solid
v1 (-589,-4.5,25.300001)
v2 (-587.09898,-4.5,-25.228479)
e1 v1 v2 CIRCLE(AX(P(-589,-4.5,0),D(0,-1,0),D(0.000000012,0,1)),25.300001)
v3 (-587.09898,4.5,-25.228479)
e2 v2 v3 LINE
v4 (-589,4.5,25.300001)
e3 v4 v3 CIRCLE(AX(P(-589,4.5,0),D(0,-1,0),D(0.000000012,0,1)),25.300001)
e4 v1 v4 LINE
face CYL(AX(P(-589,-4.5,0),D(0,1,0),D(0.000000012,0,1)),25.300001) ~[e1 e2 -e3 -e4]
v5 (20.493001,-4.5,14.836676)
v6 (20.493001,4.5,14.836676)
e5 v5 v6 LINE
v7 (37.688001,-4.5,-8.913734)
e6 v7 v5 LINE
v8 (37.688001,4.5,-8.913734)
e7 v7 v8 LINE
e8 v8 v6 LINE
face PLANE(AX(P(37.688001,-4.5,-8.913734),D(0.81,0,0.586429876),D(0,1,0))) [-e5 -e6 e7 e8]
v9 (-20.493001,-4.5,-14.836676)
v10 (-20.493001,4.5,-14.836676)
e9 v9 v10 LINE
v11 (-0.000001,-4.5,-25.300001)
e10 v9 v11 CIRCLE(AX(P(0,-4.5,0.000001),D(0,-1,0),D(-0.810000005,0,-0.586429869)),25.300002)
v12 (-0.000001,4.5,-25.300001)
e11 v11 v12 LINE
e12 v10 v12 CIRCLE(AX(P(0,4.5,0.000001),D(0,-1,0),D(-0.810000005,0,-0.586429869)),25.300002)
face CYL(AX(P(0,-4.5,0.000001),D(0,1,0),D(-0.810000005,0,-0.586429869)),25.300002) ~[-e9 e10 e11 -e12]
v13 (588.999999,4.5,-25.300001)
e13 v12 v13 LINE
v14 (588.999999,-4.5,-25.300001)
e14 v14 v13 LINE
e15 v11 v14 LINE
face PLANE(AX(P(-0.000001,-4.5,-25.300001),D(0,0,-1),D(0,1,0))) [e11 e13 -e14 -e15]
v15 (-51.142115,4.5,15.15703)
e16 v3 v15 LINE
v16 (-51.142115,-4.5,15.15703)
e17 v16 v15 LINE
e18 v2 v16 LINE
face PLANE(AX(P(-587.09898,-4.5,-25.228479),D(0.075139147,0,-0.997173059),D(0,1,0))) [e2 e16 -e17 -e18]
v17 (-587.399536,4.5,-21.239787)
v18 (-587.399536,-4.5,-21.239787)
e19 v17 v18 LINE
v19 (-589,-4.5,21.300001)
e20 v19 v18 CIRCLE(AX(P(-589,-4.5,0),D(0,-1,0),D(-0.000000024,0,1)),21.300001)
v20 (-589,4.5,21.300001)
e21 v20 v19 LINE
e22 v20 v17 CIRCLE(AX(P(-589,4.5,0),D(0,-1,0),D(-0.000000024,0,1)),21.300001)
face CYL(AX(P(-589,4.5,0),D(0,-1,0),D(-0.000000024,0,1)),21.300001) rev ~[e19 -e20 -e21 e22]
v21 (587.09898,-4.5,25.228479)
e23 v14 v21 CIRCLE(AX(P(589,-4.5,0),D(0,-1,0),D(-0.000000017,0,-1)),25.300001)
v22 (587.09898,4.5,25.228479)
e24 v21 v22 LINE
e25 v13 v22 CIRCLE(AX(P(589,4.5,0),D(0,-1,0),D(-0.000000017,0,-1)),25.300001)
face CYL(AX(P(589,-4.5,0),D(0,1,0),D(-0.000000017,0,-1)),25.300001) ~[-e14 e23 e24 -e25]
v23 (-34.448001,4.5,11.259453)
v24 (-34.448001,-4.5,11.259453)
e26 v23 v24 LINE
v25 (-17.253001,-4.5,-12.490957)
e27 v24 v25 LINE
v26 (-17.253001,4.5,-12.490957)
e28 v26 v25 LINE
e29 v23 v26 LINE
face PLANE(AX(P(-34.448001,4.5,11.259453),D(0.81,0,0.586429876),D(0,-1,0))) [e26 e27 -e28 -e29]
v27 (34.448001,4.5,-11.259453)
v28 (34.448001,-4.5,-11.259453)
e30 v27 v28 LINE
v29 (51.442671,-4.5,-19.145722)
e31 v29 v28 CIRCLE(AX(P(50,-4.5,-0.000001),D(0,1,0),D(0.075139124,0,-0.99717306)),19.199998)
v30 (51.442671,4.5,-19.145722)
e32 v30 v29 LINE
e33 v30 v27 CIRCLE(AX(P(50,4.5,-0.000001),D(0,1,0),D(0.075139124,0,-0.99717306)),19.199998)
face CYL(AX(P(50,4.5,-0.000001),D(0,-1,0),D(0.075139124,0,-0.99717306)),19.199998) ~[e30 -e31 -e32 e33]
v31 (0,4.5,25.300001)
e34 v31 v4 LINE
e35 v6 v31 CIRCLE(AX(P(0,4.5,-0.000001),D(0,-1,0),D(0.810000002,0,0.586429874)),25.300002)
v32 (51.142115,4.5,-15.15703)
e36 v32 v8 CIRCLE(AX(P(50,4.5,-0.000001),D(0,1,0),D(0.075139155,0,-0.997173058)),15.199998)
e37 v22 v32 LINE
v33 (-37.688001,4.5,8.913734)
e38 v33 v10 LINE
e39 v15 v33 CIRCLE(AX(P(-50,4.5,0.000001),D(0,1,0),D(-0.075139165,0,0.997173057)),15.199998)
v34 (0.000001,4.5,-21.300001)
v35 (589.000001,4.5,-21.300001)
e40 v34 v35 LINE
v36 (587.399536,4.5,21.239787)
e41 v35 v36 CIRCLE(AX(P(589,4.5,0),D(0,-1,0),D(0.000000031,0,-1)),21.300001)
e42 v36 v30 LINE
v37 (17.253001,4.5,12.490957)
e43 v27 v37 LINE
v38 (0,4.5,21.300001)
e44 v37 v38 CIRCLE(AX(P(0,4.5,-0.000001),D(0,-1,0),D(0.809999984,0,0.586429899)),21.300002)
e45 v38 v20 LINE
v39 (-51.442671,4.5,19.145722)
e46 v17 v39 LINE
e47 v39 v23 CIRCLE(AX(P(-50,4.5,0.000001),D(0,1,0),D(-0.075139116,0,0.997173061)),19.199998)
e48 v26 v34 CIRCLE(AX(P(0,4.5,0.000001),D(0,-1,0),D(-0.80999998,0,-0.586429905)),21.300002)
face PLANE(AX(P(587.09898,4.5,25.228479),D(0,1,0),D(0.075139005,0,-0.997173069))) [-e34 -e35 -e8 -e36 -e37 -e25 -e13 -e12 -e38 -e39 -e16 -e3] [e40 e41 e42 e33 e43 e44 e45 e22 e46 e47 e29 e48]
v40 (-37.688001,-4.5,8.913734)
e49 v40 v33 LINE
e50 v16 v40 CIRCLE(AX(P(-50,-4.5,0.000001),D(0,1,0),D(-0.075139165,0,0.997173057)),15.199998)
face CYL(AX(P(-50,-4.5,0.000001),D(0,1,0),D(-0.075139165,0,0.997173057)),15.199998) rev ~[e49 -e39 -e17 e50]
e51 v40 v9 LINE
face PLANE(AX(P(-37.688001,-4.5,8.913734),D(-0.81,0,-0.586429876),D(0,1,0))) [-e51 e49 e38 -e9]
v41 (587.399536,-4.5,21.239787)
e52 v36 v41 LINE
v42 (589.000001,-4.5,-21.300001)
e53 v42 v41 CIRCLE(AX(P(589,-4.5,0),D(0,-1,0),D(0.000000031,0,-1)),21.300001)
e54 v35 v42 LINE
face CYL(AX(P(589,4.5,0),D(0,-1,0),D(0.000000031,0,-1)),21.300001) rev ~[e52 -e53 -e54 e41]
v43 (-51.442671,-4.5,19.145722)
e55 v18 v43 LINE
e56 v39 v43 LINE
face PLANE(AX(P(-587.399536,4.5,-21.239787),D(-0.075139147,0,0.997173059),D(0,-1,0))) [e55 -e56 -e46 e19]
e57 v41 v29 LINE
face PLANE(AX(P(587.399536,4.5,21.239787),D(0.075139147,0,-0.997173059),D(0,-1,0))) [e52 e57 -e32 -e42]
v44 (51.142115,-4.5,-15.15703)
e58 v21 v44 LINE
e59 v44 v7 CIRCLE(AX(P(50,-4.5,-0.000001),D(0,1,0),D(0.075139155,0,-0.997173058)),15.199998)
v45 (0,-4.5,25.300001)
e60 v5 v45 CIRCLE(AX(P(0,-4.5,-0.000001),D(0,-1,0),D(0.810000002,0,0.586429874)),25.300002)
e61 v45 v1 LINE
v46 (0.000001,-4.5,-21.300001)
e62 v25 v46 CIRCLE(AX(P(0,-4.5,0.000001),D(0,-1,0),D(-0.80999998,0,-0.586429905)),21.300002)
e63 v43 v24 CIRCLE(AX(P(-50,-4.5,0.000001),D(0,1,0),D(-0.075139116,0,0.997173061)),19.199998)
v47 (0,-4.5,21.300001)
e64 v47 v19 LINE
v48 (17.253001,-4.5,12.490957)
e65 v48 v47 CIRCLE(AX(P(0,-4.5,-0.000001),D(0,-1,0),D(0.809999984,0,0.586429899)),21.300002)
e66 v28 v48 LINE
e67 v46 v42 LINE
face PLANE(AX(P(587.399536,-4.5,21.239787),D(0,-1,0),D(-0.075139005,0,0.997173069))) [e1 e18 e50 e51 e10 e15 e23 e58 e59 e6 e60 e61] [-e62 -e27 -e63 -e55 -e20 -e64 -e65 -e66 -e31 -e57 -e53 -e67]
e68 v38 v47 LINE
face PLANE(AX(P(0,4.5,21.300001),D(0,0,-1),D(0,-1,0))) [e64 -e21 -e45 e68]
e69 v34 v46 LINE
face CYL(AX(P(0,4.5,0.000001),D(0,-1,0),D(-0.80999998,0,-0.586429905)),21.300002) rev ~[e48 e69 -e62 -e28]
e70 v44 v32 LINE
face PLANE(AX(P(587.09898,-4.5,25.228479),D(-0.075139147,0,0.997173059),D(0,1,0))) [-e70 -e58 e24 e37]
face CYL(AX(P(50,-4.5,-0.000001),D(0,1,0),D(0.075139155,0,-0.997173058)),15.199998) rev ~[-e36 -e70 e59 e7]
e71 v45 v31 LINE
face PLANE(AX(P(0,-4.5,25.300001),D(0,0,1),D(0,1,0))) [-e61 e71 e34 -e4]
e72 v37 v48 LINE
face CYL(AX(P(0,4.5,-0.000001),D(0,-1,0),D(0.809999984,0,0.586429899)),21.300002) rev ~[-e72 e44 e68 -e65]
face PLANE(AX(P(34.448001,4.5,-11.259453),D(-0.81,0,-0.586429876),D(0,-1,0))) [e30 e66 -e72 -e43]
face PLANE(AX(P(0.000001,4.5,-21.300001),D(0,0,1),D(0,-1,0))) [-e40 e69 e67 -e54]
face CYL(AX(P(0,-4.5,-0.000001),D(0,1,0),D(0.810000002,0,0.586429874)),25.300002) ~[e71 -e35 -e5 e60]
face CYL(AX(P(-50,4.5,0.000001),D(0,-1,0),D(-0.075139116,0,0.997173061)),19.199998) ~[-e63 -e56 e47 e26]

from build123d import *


with BuildPart() as f3:
    # F3: sweep along a path in F0
    with BuildLine(Plane.XZ) as f3_path:
        Line((587.249258, 23.234132), (51.292393, -17.151377))
        ThreePointArc((51.292393, -17.151377), (42.759993, -15.601997), (36.068, -10.086594))
        Line((36.068, -10.086594), (18.873, 13.663816))
        ThreePointArc((18.873, 13.663816), (10.595355, 20.751589), (0, 23.3))
        Line((0, 23.3), (-589, 23.3))
        ThreePointArc((-589, 23.3), (-612.283527, -0.87599), (-587.249258, -23.234132))
        Line((-587.249258, -23.234132), (-51.292393, 17.151377))
        ThreePointArc((-51.292393, 17.151377), (-42.759993, 15.601997), (-36.068, 10.086594))
        Line((-36.068, 10.086594), (-18.873, -13.663816))
        ThreePointArc((-18.873, -13.663816), (-10.595355, -20.751589), (0, -23.3))
        Line((0, -23.3), (589, -23.3))
        ThreePointArc((589, -23.3), (612.283527, 0.87599), (587.249258, 23.234132))
    # F2 (on face) → F3 (sweep)
    with BuildSketch(Plane(origin=(585.67457, 0, 44.131846), x_dir=(0, -1, 0), z_dir=(-0.997173, 0, -0.075139))):
        Polygon((4.5, -19.356957), (4.5, -18.956957), (-4.5, -18.956957), (-4.5, -20.06997), (-4.5, -22.956957), (4.5, -22.956957), align=None)
    sweep(path=f3_path.line)


solid = f3.part
